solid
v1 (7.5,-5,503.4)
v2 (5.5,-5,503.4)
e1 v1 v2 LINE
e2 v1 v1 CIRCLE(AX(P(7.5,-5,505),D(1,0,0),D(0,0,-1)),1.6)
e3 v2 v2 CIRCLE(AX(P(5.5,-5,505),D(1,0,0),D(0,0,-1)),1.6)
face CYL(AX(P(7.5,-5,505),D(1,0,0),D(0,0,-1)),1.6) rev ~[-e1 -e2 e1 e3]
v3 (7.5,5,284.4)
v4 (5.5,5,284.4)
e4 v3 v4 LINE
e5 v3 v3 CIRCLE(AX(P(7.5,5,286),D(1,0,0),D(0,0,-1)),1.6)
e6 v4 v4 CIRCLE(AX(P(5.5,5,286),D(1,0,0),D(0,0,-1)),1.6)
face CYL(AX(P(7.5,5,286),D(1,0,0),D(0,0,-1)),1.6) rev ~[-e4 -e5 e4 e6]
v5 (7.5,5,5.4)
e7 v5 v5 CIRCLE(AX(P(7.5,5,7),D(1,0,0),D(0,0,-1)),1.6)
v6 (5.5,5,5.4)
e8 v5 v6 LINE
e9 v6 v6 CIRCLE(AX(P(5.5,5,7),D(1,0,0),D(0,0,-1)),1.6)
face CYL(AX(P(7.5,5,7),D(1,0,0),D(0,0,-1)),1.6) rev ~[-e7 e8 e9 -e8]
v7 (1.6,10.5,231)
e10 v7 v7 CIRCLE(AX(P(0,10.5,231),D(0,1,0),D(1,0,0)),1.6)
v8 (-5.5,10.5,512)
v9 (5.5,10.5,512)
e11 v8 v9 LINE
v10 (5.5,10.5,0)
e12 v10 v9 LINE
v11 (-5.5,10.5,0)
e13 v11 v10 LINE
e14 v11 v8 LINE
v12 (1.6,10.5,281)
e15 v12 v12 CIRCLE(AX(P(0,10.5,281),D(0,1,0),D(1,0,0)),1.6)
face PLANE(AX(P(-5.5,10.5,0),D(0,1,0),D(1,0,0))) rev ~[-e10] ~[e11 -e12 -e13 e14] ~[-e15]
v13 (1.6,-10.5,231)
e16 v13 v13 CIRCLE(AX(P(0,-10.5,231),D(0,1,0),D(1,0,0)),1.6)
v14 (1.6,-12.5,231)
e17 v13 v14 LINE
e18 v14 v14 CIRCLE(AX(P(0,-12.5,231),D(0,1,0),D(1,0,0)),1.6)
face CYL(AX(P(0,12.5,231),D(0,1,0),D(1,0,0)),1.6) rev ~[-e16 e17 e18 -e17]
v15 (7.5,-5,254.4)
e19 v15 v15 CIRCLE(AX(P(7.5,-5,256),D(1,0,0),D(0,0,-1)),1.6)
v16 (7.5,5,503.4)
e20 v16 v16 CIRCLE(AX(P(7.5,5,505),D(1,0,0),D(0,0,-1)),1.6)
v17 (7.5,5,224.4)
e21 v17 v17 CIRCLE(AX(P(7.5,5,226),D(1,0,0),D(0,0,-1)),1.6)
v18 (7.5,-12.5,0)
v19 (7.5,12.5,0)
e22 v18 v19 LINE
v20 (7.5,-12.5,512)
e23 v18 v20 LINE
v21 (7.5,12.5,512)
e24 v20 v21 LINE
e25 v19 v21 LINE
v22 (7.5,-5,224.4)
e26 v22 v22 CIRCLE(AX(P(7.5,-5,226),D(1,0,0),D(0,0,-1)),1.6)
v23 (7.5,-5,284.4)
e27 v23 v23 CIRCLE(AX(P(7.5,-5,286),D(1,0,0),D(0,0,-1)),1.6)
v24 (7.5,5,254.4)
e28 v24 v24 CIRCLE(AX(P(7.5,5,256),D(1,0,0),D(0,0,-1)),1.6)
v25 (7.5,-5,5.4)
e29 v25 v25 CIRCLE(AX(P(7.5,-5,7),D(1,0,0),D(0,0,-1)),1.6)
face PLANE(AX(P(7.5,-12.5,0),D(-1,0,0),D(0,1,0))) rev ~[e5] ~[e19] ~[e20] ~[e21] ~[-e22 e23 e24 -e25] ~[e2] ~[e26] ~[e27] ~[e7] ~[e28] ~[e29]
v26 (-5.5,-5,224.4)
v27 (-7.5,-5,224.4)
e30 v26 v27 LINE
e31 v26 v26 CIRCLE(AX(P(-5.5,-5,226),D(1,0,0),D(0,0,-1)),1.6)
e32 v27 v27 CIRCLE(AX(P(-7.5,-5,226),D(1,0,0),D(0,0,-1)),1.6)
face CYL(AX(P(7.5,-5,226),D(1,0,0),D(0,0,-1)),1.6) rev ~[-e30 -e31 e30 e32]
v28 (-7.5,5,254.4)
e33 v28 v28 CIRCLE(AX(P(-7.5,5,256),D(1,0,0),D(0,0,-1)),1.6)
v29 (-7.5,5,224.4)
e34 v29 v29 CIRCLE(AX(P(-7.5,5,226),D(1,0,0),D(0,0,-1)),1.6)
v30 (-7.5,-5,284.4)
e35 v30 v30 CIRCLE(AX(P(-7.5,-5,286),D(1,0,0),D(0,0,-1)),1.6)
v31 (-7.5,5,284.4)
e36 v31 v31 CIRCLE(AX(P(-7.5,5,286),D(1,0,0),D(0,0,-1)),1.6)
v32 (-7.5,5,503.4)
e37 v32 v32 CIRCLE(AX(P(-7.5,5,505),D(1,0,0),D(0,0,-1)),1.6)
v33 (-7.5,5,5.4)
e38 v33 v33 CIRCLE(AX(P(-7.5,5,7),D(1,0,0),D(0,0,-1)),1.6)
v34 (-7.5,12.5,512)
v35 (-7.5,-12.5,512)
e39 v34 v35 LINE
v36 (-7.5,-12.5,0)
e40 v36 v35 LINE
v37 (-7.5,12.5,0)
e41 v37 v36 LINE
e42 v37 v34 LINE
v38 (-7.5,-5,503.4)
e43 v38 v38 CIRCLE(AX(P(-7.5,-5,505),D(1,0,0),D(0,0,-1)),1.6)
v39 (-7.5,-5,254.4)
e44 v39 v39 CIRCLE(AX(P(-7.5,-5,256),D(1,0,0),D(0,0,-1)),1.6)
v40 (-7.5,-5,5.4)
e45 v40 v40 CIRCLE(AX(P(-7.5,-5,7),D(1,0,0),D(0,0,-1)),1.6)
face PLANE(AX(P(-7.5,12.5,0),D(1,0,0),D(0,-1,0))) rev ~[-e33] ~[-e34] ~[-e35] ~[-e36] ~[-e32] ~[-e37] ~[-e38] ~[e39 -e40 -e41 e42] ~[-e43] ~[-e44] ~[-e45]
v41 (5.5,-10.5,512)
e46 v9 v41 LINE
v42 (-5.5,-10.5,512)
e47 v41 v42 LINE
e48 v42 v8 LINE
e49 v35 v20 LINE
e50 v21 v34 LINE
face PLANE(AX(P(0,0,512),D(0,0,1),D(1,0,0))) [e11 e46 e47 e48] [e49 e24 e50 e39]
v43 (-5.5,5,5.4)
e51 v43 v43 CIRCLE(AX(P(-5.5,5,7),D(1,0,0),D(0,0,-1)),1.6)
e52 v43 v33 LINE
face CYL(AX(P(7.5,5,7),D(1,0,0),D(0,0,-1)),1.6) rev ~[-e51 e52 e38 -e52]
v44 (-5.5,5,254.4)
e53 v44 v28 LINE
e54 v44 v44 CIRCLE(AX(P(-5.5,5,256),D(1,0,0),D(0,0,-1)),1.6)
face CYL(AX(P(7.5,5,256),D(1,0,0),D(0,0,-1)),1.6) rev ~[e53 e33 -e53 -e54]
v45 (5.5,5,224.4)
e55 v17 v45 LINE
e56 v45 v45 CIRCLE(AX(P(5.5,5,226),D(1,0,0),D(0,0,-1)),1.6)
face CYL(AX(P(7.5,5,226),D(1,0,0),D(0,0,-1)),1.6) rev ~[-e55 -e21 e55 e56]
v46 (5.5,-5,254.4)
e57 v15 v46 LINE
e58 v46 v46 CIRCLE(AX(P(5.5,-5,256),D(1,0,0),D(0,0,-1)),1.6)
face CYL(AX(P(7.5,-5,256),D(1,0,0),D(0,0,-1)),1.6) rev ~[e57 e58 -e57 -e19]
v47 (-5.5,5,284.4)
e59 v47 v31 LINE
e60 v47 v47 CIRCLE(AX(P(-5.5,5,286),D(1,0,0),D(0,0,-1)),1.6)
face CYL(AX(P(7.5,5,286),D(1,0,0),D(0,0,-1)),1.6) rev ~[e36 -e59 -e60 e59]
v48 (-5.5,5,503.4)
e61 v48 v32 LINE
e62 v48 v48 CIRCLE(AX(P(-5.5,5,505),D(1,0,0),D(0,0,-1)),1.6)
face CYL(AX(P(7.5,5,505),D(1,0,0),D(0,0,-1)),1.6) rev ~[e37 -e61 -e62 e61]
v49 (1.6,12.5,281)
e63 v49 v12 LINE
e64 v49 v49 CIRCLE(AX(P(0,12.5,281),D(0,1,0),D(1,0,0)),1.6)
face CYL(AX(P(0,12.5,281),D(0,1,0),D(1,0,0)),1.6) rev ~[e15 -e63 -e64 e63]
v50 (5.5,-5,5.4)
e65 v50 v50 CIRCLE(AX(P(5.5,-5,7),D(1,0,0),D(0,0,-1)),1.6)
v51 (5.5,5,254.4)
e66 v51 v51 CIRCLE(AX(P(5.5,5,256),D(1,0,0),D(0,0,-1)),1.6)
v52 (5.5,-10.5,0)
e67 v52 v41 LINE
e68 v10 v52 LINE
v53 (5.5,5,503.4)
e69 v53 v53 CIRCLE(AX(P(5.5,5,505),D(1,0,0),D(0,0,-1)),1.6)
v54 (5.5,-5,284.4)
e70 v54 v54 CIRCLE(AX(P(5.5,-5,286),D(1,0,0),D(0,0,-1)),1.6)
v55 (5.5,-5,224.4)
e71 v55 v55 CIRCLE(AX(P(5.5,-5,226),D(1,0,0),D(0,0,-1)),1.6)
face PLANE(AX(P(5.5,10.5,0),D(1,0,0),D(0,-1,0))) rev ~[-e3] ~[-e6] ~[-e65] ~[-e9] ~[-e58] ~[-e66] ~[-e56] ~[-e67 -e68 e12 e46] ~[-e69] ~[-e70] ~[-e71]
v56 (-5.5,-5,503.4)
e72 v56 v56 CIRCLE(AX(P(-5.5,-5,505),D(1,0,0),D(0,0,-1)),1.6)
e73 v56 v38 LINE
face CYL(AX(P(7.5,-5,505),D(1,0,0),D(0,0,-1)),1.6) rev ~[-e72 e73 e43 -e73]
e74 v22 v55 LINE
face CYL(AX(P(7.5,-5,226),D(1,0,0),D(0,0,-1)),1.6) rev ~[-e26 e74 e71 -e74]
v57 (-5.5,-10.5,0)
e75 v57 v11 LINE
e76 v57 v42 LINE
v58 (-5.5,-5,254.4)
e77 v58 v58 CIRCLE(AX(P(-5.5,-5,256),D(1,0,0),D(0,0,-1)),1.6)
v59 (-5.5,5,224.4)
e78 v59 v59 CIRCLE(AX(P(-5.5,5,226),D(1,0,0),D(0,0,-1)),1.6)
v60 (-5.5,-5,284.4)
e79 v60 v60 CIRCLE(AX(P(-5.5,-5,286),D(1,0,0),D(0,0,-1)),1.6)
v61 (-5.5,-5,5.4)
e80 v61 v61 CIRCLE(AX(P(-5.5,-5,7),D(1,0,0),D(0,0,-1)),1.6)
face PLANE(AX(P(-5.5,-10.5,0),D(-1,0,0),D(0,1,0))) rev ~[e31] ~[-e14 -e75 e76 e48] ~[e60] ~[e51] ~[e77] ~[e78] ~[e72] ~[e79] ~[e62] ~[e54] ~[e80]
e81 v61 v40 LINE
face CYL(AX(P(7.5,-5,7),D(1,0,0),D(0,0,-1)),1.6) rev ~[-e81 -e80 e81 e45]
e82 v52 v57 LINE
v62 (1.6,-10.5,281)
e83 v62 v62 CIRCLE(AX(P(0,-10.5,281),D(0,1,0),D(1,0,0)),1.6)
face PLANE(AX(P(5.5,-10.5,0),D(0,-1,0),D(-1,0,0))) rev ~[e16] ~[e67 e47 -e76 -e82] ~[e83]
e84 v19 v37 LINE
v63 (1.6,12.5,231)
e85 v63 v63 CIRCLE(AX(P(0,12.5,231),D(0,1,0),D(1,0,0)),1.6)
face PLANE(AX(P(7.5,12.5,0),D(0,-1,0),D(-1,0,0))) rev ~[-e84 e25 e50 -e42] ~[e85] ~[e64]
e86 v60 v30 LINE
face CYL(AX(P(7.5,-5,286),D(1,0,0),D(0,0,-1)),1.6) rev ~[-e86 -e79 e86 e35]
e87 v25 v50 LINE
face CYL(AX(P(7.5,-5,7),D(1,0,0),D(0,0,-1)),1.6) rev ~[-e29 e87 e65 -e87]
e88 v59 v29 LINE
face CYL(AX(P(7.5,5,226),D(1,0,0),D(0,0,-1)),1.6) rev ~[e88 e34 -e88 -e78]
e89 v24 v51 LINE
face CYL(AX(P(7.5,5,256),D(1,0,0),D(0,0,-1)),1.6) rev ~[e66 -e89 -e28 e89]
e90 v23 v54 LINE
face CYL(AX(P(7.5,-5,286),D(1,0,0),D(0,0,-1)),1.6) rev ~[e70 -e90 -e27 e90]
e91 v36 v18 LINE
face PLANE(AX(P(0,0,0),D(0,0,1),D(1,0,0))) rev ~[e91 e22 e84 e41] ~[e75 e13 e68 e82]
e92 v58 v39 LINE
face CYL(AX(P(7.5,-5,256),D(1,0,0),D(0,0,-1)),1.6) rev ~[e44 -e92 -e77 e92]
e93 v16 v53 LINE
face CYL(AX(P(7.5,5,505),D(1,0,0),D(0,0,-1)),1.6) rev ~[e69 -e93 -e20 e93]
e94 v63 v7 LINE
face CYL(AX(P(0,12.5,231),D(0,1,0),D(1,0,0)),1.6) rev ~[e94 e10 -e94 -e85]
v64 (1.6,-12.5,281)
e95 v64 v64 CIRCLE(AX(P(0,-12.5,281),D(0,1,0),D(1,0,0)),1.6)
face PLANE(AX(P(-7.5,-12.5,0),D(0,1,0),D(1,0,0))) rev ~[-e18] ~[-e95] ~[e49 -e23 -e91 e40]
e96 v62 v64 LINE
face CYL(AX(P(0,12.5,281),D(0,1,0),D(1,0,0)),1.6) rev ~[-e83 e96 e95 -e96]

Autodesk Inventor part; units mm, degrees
ref_plane "YZ Plane" through (0, 0, 0) normal (1, 0, 0) x (0, 1, 0)
ref_plane "XZ Plane" through (0, 0, 0) normal (0, 1, 0) x (-1, 0, 0)
ref_plane "XY Plane" through (0, 0, 0) normal (0, 0, 1) x (1, 0, 0)
sketch "スケッチ1" plane through (0, 0, 0) normal (0, 0, 1) x (1, 0, 0)
  line L0 (7.5, 12.5) -> (-7.5, 12.5)
  line L1 (-7.5, 12.5) -> (-7.5, -12.5)
  line L2 (-7.5, -12.5) -> (7.5, -12.5)
  line L3 (7.5, -12.5) -> (7.5, 12.5)
  line L4 (7.5, 12.5) -> (-7.5, -12.5) construction
  line L5 (-7.5, 12.5) -> (7.5, -12.5) construction
  line L6 (-5.5, 10.5) -> (5.5, 10.5)
  line L7 (5.5, 10.5) -> (5.5, -10.5)
  line L8 (5.5, -10.5) -> (-5.5, -10.5)
  line L9 (-5.5, -10.5) -> (-5.5, 10.5)
  point P0 (0, 0)
  dimension "d0" = 15
  dimension "d1" = 25
  dimension "d2" = 2
extrude "押し出し1" add sketch "スケッチ1" along normal blind 512
sketch "スケッチ2" plane through (7.5, -12.5, 0) normal (1, 0, 0) x (0, 0, -1)
  circle A0 centre (-7, 17.5) radius 1.6
  circle A1 centre (-7, 7.5) radius 1.6
  circle A2 centre (-505, 17.5) radius 1.6
  circle A3 centre (-505, 7.5) radius 1.6
  line L0 (-512, 0) -> (-512, 25) projected
  line L1 (0, 25) -> (-512, 25) projected
  line L2 (0, 0) -> (-512, 0) projected
  line L3 (0, 0) -> (0, 25) projected
  circle A4 centre (-256, 17.5) radius 1.6
  circle A5 centre (-286, 17.5) radius 1.6
  circle A6 centre (-226, 17.5) radius 1.6
  circle A7 centre (-256, 7.5) radius 1.6
  circle A8 centre (-286, 7.5) radius 1.6
  circle A9 centre (-226, 7.5) radius 1.6
  line L4 (-226, 17.5) -> (-286, 17.5) construction
  line L5 (-286, 17.5) -> (-286, 7.5) construction
  line L6 (-286, 7.5) -> (-226, 7.5) construction
  line L7 (-226, 7.5) -> (-226, 17.5) construction
  line L8 (-226, 17.5) -> (-286, 7.5) construction
  line L9 (-286, 17.5) -> (-226, 7.5) construction
  point P0 (-256, 12.5)
  point P1 (-256, 17.5)
  point P2 (-256, 7.5)
  dimension "d7" = 3.2
  dimension "d8" = 3.2
  dimension "d13" = 3.2
  dimension "d14" = 3.2
  dimension "d17" = 10
  dimension "d23" = 7
  dimension "d24" = 7.5
  dimension "d25" = 10
  dimension "d26" = 7.5
  dimension "d27" = 7
  dimension "d28" = 3.2
  dimension "d29" = 3.2
  dimension "d30" = 3.2
  dimension "d31" = 3.2
  dimension "d32" = 3.2
  dimension "d33" = 3.2
  dimension "d34" = 60
  dimension "d35" = 10
  dimension "d36" = 256
  dimension "d37" = 7.5
extrude "押し出し2" cut sketch "スケッチ2" against normal through all contours A0 | A1 | A2 | A3 | A4 | A5 | A6 | A7 | A8 | A9
sketch "スケッチ4" plane through (-7.5, 12.5, 0) normal (0, 1, 0) x (1, 0, 0)
  circle A0 centre (7.5, -231) radius 1.6
  circle A1 centre (7.5, -281) radius 1.6
  line L0 (15, 0) -> (0, 0) projected
  point P0 (7.5, 0)
  point P1 (7.5, 0)
  dimension "d38" = 3.2
  dimension "d39" = 3.2
  dimension "d40" = 50
  dimension "d41" = 231
extrude "押し出し3" cut sketch "スケッチ4" against normal through all
properties part number "前後機構_角柱1" material "アルミニウム 6061"
